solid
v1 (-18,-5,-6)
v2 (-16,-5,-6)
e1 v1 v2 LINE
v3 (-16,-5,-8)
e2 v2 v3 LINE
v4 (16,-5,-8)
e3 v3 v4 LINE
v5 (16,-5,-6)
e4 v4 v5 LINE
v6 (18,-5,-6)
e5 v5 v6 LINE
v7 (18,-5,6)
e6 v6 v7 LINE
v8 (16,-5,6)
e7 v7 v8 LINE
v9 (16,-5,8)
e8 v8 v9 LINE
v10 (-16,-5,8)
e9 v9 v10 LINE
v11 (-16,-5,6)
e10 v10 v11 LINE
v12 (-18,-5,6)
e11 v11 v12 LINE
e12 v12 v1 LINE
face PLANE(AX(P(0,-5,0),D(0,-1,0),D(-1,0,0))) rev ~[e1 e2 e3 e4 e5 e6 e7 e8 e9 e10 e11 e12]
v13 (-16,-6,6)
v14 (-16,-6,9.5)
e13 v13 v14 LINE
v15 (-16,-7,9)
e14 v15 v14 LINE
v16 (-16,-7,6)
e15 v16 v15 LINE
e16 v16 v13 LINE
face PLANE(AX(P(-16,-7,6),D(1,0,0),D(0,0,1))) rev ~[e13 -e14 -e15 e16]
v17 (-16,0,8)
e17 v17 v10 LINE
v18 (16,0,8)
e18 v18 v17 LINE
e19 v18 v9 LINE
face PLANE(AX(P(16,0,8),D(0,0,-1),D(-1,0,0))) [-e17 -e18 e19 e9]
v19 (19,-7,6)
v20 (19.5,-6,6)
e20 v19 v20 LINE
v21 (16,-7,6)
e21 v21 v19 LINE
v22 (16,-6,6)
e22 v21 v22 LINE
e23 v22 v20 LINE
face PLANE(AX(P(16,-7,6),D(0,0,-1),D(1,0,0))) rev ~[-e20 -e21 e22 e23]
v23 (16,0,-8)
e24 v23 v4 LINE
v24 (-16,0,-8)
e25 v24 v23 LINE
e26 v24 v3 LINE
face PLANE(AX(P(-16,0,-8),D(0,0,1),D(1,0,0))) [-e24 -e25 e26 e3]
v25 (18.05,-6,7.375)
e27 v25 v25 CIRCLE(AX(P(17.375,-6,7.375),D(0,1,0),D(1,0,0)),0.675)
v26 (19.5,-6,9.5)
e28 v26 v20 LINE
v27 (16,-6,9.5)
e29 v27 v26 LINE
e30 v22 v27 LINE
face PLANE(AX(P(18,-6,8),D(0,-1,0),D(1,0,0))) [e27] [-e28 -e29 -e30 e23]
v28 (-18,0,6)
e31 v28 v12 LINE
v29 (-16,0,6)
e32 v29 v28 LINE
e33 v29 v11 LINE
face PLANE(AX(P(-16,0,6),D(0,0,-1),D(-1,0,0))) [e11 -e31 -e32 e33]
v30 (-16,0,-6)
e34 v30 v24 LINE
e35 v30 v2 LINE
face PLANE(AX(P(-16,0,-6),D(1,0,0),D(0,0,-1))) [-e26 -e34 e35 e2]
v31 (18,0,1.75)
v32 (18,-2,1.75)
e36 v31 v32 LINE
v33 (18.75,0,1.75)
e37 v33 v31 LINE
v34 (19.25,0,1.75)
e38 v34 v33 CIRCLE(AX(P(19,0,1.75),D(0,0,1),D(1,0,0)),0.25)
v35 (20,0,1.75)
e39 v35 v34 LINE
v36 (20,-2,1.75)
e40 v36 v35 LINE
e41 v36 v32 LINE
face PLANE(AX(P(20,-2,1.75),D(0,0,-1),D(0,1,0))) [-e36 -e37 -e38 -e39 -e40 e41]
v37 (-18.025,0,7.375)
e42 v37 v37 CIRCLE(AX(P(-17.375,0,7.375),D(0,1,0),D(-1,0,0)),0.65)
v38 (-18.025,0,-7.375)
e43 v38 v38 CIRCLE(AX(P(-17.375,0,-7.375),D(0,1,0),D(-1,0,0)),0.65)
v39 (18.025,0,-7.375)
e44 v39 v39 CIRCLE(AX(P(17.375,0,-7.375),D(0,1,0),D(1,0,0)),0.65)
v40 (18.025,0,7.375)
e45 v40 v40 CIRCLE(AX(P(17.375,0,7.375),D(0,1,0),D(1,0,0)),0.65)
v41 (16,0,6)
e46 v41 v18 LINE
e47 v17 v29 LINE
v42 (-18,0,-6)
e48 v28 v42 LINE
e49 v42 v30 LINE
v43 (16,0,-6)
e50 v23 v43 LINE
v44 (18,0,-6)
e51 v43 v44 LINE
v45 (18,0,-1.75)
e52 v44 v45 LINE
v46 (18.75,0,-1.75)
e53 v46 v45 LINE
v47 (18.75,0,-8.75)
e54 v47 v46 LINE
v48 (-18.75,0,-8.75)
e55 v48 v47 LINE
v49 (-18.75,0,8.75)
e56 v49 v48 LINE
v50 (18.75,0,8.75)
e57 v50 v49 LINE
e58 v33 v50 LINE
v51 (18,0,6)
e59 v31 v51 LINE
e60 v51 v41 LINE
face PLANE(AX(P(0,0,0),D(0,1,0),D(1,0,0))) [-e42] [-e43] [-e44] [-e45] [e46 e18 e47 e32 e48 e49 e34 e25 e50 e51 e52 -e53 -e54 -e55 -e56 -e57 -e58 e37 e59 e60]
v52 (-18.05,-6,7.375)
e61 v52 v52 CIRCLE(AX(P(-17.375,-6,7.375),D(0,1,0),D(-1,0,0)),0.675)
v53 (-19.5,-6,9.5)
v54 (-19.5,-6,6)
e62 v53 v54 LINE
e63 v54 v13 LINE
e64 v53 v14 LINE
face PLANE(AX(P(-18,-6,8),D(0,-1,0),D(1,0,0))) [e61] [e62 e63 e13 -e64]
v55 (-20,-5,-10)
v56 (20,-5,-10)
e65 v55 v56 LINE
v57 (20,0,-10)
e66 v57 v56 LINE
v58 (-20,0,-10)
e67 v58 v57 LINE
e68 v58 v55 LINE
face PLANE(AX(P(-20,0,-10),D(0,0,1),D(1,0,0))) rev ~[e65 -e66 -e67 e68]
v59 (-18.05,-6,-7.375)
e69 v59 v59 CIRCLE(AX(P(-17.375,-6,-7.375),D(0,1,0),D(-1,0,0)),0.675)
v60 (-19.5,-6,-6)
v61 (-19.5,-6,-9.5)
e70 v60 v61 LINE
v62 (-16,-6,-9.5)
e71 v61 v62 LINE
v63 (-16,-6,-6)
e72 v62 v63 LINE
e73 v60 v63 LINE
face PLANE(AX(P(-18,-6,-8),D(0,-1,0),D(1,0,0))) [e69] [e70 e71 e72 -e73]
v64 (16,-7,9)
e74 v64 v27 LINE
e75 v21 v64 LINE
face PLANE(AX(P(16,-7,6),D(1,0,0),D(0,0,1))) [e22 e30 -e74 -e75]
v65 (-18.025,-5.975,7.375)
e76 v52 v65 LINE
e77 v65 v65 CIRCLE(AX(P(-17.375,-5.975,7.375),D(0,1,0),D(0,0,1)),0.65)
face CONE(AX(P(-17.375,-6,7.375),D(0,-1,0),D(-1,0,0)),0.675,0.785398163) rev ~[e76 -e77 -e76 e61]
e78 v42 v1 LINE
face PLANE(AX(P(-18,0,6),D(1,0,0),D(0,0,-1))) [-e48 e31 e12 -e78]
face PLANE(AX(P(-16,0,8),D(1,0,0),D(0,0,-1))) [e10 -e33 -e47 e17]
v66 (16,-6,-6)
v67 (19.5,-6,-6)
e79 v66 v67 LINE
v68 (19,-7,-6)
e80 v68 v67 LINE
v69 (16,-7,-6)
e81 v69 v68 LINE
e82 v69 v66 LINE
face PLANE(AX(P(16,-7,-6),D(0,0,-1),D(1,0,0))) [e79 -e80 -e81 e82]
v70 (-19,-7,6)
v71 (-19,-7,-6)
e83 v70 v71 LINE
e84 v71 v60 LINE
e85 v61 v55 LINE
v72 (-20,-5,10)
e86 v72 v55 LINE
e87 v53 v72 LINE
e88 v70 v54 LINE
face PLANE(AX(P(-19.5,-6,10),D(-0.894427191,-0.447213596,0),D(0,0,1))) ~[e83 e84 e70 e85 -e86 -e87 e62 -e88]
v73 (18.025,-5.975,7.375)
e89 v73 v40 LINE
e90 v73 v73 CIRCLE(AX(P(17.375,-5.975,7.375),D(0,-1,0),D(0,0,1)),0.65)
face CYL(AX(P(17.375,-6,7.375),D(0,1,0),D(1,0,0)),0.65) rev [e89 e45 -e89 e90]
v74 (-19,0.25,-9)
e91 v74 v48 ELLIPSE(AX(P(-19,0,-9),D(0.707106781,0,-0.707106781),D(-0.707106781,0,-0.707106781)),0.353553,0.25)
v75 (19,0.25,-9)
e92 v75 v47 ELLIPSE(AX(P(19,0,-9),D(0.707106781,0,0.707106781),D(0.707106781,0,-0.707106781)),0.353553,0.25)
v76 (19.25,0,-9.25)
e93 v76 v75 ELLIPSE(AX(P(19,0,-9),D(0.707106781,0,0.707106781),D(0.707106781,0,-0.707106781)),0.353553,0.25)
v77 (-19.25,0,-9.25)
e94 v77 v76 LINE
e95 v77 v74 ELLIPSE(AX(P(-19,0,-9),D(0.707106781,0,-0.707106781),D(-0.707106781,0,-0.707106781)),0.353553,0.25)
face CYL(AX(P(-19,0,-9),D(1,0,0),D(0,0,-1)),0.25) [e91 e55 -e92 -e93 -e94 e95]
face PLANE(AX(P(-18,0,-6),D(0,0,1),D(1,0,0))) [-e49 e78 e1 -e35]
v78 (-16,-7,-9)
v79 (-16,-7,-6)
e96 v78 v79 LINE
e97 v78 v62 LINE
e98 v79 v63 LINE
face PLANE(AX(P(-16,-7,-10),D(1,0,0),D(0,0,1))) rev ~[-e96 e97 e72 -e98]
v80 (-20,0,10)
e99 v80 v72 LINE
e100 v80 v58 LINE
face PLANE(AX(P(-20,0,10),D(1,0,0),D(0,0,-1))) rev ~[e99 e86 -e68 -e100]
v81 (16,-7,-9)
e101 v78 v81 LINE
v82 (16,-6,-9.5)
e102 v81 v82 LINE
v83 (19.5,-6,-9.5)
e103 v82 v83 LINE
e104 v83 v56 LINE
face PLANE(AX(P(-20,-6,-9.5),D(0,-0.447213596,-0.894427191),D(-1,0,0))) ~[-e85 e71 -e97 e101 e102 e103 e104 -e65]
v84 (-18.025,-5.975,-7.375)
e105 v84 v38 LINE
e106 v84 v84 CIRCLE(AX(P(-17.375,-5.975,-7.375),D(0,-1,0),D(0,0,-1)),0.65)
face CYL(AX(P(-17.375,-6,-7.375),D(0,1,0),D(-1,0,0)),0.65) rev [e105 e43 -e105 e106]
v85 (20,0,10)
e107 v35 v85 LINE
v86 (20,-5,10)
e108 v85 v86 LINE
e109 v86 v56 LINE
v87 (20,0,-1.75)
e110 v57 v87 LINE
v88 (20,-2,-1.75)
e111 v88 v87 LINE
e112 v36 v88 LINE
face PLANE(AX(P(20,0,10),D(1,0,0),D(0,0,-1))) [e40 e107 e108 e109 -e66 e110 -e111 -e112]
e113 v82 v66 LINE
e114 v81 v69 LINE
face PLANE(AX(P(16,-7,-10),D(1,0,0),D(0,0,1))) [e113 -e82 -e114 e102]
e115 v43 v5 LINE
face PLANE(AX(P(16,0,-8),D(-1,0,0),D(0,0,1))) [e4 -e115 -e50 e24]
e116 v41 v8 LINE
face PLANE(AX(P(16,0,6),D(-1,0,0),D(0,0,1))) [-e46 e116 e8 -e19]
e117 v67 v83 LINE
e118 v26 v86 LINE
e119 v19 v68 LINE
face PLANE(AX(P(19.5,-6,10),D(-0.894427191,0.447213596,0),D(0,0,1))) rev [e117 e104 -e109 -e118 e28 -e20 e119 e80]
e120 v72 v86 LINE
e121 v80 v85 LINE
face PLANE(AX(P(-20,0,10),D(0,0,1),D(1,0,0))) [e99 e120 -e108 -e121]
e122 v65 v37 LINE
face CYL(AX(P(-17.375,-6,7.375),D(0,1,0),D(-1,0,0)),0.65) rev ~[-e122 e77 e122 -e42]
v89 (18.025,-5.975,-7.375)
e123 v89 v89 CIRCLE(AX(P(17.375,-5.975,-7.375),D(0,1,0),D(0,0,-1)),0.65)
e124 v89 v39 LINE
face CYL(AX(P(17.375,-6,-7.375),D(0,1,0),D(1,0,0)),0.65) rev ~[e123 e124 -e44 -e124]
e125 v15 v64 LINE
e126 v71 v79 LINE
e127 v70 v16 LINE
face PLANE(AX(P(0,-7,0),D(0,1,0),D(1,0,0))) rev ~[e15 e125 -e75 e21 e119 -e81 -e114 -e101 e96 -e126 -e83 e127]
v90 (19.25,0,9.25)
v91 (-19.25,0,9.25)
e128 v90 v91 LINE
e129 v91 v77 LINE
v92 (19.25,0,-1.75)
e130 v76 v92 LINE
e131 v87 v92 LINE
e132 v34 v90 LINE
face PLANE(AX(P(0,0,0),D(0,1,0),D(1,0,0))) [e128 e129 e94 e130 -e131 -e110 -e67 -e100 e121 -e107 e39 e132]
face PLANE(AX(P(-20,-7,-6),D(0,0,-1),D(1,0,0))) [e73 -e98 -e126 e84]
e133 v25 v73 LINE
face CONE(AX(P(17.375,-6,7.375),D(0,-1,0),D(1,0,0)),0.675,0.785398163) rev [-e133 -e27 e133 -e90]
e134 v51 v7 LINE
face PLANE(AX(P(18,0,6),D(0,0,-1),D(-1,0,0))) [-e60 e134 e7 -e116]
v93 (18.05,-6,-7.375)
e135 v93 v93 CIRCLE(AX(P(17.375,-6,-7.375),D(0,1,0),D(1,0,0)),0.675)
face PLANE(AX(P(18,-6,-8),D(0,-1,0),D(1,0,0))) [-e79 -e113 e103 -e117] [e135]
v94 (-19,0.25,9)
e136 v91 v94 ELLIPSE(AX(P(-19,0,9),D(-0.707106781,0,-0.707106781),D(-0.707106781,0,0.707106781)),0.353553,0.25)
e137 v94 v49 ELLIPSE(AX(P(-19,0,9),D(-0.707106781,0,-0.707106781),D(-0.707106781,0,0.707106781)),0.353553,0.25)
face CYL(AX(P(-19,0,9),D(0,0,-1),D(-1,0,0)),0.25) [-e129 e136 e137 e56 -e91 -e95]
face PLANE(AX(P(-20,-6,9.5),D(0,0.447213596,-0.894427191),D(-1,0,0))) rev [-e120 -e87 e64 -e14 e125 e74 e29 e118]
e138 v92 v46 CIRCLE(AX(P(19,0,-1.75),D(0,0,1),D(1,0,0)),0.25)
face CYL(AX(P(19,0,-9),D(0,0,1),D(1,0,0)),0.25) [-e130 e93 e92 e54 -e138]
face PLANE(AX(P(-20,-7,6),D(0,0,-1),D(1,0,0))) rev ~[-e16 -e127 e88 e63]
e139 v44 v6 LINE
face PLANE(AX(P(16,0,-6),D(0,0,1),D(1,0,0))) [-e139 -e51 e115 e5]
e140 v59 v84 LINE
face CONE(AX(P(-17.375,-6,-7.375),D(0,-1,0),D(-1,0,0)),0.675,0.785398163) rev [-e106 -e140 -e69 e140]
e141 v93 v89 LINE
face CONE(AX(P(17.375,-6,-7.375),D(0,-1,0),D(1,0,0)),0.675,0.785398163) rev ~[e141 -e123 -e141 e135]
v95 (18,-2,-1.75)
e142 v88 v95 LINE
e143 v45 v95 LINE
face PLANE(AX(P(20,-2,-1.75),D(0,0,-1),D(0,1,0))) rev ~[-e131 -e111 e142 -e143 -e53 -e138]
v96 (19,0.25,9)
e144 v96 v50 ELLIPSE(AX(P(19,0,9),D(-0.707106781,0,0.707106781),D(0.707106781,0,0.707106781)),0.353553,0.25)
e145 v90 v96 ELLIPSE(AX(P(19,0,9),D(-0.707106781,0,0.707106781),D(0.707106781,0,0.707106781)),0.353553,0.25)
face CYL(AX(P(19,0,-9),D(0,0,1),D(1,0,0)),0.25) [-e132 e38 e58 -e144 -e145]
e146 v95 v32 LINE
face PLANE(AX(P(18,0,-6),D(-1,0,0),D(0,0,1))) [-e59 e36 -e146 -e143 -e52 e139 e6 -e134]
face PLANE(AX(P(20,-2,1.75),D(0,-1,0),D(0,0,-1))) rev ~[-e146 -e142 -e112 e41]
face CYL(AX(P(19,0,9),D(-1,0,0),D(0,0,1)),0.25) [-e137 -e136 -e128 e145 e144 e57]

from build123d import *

# Parameters (mm, degrees)
SCHIZZO2_W                     = 40
SCHIZZO2_H                     = 20
ESTRUSIONE_ESTRUSIONE1_DEPTH   = 7
TAGLIO_ESTRUSIONE1_DEPTH       = 5
SMUSSO1_SIZE                   = 1
SMUSSO1_SIZE2                  = 2
SCHIZZO6_W                     = 4
SCHIZZO6_H                     = 4
TAGLIO_ESTRUSIONE2_DEPTH       = 1
FORO_PER_VITE_M1_1_D           = 1.3
FORO_PER_VITE_M1_1_CSINK_D     = 1.35
FORO_PER_VITE_M1_1_CSINK_ANGLE = 90
SPECCHIA2_COPY_1_D             = 1.3
SPECCHIA2_COPY_1_CSINK_D       = 1.35
SPECCHIA2_COPY_1_CSINK_ANGLE   = 90
SCHIZZO14_W                    = 3.5
SCHIZZO14_H                    = 4
TAGLIO_ESTRUSIONE3_DEPTH       = 1
TAGLIO_ESTRUSIONE3_DEPTH_BACK  = 3


with BuildPart() as part:
    # Schizzo2 → Estrusione-Estrusione1 (new body)
    with BuildSketch(Plane(origin=(0, 0, 0), x_dir=(1, 0, 0), z_dir=(0, 1, 0))):
        Rectangle(SCHIZZO2_W, SCHIZZO2_H)
    extrude(amount=-ESTRUSIONE_ESTRUSIONE1_DEPTH)

    # Schizzo3 → Taglio-Estrusione1 (cut)
    with BuildSketch(Plane(origin=(0, 0, 0), x_dir=(1, 0, 0), z_dir=(0, 1, 0))):
        Polygon((-16, 8), (16, 8), (16, 6), (18, 6), (18, -6), (16, -6), (16, -8), (-16, -8), (-16, -6), (-18, -6), (-18, 6), (-16, 6), align=None)
    extrude(amount=-TAGLIO_ESTRUSIONE1_DEPTH, mode=Mode.SUBTRACT)

    # Sweep1: sweep along a path in Schizzo5
    with BuildLine(Plane(origin=(0, 0, 0), x_dir=(1, 0, 0), z_dir=(0, 1, 0))) as sweep1_path:
        Line((19, -9), (-19, -9))
        Line((-19, -9), (-19, 9))
        Line((-19, 9), (19, 9))
        Line((19, 9), (19, -9))
    # Schizzo4 → Sweep1 (sweep)
    with BuildSketch(Plane.XY):
        with BuildLine():
            Line((-18.75, 0), (-19.25, 0))
            ThreePointArc((-19.25, 0), (-19, 0.25), (-18.75, 0))
        make_face()
    sweep(path=sweep1_path.line, transition=Transition.RIGHT)

    # Smusso1
    smusso1_edges = [part.edges().sort_by_distance(p)[0] for p in [
        (20, -7, 0),
        (0, -7, -10),
        (-20, -7, 0),
        (0, -7, 10),
    ]]
    smusso1_side = [part.faces().sort_by_distance(p)[0] for p in [
        (0, -7, 0),
    ]]
    chamfer(smusso1_edges, length=SMUSSO1_SIZE, length2=SMUSSO1_SIZE2, reference=smusso1_side[0])

    # Schizzo6 → Taglio-Estrusione2 (cut)
    with BuildSketch(Plane.XZ.offset(7)):
        with Locations((-18, 8)):
            Rectangle(SCHIZZO6_W, SCHIZZO6_H)
        with Locations((18, 8)):
            Rectangle(SCHIZZO6_W, SCHIZZO6_H)
        with Locations((18, -8)):
            Rectangle(SCHIZZO6_W, SCHIZZO6_H)
        with Locations((-18, -8)):
            Rectangle(SCHIZZO6_W, SCHIZZO6_H)
    extrude(amount=-TAGLIO_ESTRUSIONE2_DEPTH, mode=Mode.SUBTRACT)

    # Foro per Vite M1-1 (through all)
    with Locations(Plane(origin=(0, -6, 0), x_dir=(-1, 0, 0), z_dir=(0, -1, 0))):
        with Locations((-17.375, 7.375)):
            foro_per_vite_m1_1 = CounterSinkHole(FORO_PER_VITE_M1_1_D / 2, FORO_PER_VITE_M1_1_CSINK_D / 2, counter_sink_angle=FORO_PER_VITE_M1_1_CSINK_ANGLE)

    # Specchia1: Foro per Vite M1-1 across plane
    add(foro_per_vite_m1_1.mirror(Plane(origin=(0, 0, 0), x_dir=(0, 0, 1), z_dir=(1, 0, 0))), mode=Mode.SUBTRACT)

    # Specchia2: Foro per Vite M1-1 across plane
    add(foro_per_vite_m1_1.mirror(Plane.XY), mode=Mode.SUBTRACT)

    # Specchia2 copy 1 (through all)
    with Locations(Plane.XZ.offset(6)):
        with Locations((-17.375, 7.375)):
            CounterSinkHole(SPECCHIA2_COPY_1_D / 2, SPECCHIA2_COPY_1_CSINK_D / 2, counter_sink_angle=SPECCHIA2_COPY_1_CSINK_ANGLE)

    # Schizzo14 → Taglio-Estrusione3 (cut, two sides)
    with BuildSketch(Plane(origin=(20, 0, 0), x_dir=(0, 0, -1), z_dir=(1, 0, 0))) as taglio_estrusione3_sk:
        Rectangle(SCHIZZO14_W, SCHIZZO14_H)
    extrude(amount=TAGLIO_ESTRUSIONE3_DEPTH, mode=Mode.SUBTRACT)
    extrude(taglio_estrusione3_sk.sketch, amount=-TAGLIO_ESTRUSIONE3_DEPTH_BACK, mode=Mode.SUBTRACT)


solid = part.part
